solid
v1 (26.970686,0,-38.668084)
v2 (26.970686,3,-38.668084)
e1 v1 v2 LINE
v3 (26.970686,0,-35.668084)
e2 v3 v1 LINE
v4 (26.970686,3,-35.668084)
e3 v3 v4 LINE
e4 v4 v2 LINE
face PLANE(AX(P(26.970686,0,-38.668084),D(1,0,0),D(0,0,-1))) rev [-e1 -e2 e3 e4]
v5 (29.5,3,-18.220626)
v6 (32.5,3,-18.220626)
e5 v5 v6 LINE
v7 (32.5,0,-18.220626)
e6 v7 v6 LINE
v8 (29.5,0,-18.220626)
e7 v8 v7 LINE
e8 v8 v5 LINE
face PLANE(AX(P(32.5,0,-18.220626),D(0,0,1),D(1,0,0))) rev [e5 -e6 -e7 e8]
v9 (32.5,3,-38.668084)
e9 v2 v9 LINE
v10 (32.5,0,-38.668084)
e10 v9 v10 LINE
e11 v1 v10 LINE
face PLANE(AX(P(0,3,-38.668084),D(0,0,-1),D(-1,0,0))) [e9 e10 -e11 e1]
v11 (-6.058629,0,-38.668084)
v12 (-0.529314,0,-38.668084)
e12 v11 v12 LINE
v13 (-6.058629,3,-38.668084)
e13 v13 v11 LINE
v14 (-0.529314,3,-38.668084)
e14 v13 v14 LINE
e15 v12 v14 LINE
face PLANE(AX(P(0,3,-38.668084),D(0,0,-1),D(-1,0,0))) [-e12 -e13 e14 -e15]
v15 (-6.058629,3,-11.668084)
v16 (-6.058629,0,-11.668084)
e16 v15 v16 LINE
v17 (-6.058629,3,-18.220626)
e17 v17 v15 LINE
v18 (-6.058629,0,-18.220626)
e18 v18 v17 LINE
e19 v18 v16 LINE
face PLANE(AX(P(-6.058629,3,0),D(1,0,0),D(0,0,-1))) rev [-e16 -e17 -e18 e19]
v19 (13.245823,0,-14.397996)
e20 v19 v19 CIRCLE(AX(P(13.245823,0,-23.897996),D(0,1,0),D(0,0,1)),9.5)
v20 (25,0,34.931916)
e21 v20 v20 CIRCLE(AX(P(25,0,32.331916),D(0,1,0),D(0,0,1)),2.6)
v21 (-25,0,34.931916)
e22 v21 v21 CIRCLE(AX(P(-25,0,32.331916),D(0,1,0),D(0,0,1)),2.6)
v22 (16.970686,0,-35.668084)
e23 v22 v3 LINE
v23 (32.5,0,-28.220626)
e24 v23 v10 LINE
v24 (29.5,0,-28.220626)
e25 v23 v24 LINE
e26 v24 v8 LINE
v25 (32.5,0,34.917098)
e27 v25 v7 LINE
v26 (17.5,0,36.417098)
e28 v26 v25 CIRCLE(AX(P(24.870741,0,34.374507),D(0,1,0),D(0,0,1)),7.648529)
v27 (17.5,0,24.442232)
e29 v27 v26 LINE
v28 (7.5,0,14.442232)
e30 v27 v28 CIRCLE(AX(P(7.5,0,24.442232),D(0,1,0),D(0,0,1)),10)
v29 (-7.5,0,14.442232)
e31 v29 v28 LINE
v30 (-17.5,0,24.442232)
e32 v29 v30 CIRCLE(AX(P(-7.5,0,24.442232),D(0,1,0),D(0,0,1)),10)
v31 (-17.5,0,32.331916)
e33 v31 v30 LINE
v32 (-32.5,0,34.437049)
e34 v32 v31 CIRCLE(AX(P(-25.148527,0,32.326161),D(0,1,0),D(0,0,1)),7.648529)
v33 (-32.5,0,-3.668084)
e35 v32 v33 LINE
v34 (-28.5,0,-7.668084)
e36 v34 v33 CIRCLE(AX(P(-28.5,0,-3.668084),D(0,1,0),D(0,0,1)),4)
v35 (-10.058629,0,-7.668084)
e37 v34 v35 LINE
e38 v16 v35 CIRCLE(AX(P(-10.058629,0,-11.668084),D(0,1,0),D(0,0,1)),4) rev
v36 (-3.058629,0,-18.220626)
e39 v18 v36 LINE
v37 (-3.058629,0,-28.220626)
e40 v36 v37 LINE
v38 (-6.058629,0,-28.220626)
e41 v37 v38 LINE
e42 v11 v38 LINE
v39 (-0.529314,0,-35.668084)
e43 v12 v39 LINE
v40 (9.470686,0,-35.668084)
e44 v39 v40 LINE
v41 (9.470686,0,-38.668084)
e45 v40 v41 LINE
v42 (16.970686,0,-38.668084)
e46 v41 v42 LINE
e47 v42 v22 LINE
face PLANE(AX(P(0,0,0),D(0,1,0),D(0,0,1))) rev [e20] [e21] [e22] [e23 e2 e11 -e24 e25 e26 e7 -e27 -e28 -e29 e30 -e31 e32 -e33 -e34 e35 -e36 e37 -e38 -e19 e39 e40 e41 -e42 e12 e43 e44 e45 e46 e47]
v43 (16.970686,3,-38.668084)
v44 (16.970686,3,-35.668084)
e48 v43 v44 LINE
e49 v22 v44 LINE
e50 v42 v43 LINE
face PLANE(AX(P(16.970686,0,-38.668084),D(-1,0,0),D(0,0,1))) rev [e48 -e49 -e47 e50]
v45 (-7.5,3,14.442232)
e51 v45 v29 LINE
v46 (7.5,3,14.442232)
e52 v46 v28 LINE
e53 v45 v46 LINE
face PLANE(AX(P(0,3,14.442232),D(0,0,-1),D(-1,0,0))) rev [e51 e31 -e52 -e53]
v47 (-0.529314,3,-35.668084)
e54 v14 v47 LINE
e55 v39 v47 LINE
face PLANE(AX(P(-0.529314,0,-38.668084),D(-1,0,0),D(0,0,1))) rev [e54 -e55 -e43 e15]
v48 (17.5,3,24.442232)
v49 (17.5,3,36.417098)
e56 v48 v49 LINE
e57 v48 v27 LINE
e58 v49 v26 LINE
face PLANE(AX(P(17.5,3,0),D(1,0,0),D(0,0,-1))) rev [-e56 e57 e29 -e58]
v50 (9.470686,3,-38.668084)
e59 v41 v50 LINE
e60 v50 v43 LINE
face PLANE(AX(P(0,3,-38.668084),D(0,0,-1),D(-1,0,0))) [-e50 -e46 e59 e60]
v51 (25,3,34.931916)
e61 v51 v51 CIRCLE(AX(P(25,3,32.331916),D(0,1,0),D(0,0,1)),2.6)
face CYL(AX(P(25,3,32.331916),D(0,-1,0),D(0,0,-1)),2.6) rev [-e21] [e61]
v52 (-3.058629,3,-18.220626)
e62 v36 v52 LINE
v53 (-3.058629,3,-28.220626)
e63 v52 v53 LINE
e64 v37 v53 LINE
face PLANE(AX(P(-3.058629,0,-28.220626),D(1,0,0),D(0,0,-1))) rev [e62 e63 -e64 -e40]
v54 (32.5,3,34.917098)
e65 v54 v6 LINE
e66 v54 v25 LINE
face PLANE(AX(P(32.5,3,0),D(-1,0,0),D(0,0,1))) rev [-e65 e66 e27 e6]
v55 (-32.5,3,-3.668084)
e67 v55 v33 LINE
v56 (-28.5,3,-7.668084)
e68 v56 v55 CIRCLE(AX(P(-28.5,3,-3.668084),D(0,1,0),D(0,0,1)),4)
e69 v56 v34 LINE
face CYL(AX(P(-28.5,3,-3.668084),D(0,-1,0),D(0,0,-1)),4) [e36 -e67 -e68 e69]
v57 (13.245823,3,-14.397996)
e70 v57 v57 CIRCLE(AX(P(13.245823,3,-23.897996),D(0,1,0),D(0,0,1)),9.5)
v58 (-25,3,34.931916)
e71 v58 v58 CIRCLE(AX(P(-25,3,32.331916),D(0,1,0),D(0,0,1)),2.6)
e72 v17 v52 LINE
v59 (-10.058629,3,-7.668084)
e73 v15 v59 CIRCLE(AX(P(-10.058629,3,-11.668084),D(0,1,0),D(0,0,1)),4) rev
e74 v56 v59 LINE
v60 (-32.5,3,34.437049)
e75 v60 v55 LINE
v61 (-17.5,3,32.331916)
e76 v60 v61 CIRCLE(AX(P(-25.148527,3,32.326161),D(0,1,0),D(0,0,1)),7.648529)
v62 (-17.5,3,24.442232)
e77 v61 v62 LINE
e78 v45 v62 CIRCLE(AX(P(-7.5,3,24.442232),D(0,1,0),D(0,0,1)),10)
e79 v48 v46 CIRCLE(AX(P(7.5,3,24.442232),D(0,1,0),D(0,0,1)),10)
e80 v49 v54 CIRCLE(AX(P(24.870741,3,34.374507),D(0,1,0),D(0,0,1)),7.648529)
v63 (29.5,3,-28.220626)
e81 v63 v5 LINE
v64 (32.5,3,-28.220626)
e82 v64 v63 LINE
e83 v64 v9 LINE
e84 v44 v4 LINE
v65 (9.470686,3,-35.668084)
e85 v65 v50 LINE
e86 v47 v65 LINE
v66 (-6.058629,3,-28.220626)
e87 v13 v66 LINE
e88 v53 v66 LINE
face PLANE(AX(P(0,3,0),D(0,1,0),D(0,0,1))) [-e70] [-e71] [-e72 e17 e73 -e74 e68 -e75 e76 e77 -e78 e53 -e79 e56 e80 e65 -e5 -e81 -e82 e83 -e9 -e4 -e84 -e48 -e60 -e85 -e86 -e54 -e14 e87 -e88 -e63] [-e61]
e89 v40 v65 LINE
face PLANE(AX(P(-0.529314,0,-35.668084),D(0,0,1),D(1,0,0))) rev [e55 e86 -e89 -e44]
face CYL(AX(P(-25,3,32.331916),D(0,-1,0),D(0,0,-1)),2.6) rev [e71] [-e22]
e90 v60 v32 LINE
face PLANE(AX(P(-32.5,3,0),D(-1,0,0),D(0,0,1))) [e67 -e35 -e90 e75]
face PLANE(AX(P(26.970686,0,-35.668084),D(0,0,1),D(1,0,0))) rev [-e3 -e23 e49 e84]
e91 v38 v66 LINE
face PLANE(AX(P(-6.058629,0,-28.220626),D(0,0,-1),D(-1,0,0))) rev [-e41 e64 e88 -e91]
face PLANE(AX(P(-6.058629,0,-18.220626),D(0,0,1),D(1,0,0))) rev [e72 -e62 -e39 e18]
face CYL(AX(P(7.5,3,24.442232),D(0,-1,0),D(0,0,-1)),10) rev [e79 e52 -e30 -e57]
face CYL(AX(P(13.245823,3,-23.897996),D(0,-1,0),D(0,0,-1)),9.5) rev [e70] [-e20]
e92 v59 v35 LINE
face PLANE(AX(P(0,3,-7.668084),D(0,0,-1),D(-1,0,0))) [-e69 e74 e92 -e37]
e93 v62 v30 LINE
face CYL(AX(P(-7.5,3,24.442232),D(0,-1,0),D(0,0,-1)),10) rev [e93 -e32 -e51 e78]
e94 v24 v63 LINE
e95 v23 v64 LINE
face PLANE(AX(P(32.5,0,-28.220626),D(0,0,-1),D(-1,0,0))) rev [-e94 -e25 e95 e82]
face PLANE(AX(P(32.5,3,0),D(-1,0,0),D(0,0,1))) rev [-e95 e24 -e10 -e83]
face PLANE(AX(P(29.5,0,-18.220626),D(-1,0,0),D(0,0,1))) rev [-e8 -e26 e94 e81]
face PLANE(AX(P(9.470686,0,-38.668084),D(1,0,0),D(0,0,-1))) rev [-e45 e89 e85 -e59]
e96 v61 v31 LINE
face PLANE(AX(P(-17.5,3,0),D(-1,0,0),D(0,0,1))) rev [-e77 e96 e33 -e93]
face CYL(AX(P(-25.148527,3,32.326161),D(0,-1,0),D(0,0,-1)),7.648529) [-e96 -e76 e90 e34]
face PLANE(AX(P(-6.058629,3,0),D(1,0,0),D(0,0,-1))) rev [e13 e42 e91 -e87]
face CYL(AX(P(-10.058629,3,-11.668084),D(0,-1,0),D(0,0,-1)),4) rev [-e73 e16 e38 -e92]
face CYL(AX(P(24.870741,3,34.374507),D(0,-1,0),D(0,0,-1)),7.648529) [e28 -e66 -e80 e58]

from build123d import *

# Parameters (mm, degrees)
SKETCH1_R           = 2.6
SKETCH1_R_2         = 9.5
BOSS_EXTRUDE1_DEPTH = 3
SKETCH2_W           = 10
SKETCH2_H           = 3
SKETCH2_W_2         = 3
SKETCH2_H_2         = 10
CUT_EXTRUDE1_DEPTH  = 3


with BuildPart() as part:
    # Sketch1 → Boss-Extrude1 (new body)
    with BuildSketch(Plane(origin=(0, 0, 0), x_dir=(1, 0, 0), z_dir=(0, 1, 0))):
        with BuildLine():
            Line((-32.5, -1.331915835), (-32.5, -34.437048929))
            ThreePointArc((-32.5, -34.437048929), (-24.085532921, -39.90046288), (-17.5, -32.331915835))
            Line((-17.5, -32.331915835), (-17.5, -24.442231617))
            ThreePointArc((-17.5, -24.442231617), (-14.571067812, -17.371163805), (-7.5, -14.442231617))
            Line((-7.5, -14.442231617), (7.5, -14.442231617))
            ThreePointArc((7.5, -14.442231617), (14.571067812, -17.371163805), (17.5, -24.442231617))
            Line((17.5, -24.442231617), (17.5, -32.331915835))
            Line((17.5, -32.331915835), (17.5, -36.417098288))
            ThreePointArc((17.5, -36.417098288), (25.631797985, -41.985078136), (32.5, -34.917098288))
            Line((32.5, -34.917098288), (32.5, -33.831915835))
            Line((32.5, -33.831915835), (32.5, -1.331915835))
            Line((32.5, -1.331915835), (32.5, 3.668084165))
            Line((32.5, 3.668084165), (32.5, 38.668084165))
            Line((32.5, 38.668084165), (32.441371292, 38.668084165))
            Line((32.441371292, 38.668084165), (-6.058628708, 38.668084165))
            Line((-6.058628708, 38.668084165), (-6.058628708, 14.168084165))
            Line((-6.058628708, 14.168084165), (-6.058628708, 11.668084165))
            ThreePointArc((-6.058628708, 11.668084165), (-7.230201584, 8.83965704), (-10.058628708, 7.668084165))
            Line((-10.058628708, 7.668084165), (-28.5, 7.668084165))
            ThreePointArc((-28.5, 7.668084165), (-31.328427125, 6.49651129), (-32.5, 3.668084165))
            Line((-32.5, 3.668084165), (-32.5, 3.101498414))
            Line((-32.5, 3.101498414), (-32.5, -1.331915835))
        make_face()
        with Locations(Location((-25, -32.331915835, 0), (0, 0, 270))):
            Circle(SKETCH1_R, mode=Mode.SUBTRACT)
        with Locations(Location((25, -32.331915835, 0), (0, 0, 270))):
            Circle(SKETCH1_R, mode=Mode.SUBTRACT)
        with Locations(Location((13.245823136, 23.897996209, 0), (0, 0, 270))):
            Circle(SKETCH1_R_2, mode=Mode.SUBTRACT)
    extrude(amount=BOSS_EXTRUDE1_DEPTH)

    # Sketch2 → Cut-Extrude1 (cut)
    with BuildSketch(Plane(origin=(0, 3, 0), x_dir=(1, 0, 0), z_dir=(0, 1, 0))):
        with Locations((4.470685646, 37.168084165)):
            Rectangle(SKETCH2_W, SKETCH2_H)
        with Locations((-4.558628708, 23.22062572)):
            Rectangle(SKETCH2_W_2, SKETCH2_H_2)
        with Locations((21.970685646, 37.168084165)):
            Rectangle(SKETCH2_W, SKETCH2_H)
        with Locations((31, 23.22062572)):
            Rectangle(SKETCH2_W_2, SKETCH2_H_2)
    extrude(amount=-CUT_EXTRUDE1_DEPTH, mode=Mode.SUBTRACT)


solid = part.part
